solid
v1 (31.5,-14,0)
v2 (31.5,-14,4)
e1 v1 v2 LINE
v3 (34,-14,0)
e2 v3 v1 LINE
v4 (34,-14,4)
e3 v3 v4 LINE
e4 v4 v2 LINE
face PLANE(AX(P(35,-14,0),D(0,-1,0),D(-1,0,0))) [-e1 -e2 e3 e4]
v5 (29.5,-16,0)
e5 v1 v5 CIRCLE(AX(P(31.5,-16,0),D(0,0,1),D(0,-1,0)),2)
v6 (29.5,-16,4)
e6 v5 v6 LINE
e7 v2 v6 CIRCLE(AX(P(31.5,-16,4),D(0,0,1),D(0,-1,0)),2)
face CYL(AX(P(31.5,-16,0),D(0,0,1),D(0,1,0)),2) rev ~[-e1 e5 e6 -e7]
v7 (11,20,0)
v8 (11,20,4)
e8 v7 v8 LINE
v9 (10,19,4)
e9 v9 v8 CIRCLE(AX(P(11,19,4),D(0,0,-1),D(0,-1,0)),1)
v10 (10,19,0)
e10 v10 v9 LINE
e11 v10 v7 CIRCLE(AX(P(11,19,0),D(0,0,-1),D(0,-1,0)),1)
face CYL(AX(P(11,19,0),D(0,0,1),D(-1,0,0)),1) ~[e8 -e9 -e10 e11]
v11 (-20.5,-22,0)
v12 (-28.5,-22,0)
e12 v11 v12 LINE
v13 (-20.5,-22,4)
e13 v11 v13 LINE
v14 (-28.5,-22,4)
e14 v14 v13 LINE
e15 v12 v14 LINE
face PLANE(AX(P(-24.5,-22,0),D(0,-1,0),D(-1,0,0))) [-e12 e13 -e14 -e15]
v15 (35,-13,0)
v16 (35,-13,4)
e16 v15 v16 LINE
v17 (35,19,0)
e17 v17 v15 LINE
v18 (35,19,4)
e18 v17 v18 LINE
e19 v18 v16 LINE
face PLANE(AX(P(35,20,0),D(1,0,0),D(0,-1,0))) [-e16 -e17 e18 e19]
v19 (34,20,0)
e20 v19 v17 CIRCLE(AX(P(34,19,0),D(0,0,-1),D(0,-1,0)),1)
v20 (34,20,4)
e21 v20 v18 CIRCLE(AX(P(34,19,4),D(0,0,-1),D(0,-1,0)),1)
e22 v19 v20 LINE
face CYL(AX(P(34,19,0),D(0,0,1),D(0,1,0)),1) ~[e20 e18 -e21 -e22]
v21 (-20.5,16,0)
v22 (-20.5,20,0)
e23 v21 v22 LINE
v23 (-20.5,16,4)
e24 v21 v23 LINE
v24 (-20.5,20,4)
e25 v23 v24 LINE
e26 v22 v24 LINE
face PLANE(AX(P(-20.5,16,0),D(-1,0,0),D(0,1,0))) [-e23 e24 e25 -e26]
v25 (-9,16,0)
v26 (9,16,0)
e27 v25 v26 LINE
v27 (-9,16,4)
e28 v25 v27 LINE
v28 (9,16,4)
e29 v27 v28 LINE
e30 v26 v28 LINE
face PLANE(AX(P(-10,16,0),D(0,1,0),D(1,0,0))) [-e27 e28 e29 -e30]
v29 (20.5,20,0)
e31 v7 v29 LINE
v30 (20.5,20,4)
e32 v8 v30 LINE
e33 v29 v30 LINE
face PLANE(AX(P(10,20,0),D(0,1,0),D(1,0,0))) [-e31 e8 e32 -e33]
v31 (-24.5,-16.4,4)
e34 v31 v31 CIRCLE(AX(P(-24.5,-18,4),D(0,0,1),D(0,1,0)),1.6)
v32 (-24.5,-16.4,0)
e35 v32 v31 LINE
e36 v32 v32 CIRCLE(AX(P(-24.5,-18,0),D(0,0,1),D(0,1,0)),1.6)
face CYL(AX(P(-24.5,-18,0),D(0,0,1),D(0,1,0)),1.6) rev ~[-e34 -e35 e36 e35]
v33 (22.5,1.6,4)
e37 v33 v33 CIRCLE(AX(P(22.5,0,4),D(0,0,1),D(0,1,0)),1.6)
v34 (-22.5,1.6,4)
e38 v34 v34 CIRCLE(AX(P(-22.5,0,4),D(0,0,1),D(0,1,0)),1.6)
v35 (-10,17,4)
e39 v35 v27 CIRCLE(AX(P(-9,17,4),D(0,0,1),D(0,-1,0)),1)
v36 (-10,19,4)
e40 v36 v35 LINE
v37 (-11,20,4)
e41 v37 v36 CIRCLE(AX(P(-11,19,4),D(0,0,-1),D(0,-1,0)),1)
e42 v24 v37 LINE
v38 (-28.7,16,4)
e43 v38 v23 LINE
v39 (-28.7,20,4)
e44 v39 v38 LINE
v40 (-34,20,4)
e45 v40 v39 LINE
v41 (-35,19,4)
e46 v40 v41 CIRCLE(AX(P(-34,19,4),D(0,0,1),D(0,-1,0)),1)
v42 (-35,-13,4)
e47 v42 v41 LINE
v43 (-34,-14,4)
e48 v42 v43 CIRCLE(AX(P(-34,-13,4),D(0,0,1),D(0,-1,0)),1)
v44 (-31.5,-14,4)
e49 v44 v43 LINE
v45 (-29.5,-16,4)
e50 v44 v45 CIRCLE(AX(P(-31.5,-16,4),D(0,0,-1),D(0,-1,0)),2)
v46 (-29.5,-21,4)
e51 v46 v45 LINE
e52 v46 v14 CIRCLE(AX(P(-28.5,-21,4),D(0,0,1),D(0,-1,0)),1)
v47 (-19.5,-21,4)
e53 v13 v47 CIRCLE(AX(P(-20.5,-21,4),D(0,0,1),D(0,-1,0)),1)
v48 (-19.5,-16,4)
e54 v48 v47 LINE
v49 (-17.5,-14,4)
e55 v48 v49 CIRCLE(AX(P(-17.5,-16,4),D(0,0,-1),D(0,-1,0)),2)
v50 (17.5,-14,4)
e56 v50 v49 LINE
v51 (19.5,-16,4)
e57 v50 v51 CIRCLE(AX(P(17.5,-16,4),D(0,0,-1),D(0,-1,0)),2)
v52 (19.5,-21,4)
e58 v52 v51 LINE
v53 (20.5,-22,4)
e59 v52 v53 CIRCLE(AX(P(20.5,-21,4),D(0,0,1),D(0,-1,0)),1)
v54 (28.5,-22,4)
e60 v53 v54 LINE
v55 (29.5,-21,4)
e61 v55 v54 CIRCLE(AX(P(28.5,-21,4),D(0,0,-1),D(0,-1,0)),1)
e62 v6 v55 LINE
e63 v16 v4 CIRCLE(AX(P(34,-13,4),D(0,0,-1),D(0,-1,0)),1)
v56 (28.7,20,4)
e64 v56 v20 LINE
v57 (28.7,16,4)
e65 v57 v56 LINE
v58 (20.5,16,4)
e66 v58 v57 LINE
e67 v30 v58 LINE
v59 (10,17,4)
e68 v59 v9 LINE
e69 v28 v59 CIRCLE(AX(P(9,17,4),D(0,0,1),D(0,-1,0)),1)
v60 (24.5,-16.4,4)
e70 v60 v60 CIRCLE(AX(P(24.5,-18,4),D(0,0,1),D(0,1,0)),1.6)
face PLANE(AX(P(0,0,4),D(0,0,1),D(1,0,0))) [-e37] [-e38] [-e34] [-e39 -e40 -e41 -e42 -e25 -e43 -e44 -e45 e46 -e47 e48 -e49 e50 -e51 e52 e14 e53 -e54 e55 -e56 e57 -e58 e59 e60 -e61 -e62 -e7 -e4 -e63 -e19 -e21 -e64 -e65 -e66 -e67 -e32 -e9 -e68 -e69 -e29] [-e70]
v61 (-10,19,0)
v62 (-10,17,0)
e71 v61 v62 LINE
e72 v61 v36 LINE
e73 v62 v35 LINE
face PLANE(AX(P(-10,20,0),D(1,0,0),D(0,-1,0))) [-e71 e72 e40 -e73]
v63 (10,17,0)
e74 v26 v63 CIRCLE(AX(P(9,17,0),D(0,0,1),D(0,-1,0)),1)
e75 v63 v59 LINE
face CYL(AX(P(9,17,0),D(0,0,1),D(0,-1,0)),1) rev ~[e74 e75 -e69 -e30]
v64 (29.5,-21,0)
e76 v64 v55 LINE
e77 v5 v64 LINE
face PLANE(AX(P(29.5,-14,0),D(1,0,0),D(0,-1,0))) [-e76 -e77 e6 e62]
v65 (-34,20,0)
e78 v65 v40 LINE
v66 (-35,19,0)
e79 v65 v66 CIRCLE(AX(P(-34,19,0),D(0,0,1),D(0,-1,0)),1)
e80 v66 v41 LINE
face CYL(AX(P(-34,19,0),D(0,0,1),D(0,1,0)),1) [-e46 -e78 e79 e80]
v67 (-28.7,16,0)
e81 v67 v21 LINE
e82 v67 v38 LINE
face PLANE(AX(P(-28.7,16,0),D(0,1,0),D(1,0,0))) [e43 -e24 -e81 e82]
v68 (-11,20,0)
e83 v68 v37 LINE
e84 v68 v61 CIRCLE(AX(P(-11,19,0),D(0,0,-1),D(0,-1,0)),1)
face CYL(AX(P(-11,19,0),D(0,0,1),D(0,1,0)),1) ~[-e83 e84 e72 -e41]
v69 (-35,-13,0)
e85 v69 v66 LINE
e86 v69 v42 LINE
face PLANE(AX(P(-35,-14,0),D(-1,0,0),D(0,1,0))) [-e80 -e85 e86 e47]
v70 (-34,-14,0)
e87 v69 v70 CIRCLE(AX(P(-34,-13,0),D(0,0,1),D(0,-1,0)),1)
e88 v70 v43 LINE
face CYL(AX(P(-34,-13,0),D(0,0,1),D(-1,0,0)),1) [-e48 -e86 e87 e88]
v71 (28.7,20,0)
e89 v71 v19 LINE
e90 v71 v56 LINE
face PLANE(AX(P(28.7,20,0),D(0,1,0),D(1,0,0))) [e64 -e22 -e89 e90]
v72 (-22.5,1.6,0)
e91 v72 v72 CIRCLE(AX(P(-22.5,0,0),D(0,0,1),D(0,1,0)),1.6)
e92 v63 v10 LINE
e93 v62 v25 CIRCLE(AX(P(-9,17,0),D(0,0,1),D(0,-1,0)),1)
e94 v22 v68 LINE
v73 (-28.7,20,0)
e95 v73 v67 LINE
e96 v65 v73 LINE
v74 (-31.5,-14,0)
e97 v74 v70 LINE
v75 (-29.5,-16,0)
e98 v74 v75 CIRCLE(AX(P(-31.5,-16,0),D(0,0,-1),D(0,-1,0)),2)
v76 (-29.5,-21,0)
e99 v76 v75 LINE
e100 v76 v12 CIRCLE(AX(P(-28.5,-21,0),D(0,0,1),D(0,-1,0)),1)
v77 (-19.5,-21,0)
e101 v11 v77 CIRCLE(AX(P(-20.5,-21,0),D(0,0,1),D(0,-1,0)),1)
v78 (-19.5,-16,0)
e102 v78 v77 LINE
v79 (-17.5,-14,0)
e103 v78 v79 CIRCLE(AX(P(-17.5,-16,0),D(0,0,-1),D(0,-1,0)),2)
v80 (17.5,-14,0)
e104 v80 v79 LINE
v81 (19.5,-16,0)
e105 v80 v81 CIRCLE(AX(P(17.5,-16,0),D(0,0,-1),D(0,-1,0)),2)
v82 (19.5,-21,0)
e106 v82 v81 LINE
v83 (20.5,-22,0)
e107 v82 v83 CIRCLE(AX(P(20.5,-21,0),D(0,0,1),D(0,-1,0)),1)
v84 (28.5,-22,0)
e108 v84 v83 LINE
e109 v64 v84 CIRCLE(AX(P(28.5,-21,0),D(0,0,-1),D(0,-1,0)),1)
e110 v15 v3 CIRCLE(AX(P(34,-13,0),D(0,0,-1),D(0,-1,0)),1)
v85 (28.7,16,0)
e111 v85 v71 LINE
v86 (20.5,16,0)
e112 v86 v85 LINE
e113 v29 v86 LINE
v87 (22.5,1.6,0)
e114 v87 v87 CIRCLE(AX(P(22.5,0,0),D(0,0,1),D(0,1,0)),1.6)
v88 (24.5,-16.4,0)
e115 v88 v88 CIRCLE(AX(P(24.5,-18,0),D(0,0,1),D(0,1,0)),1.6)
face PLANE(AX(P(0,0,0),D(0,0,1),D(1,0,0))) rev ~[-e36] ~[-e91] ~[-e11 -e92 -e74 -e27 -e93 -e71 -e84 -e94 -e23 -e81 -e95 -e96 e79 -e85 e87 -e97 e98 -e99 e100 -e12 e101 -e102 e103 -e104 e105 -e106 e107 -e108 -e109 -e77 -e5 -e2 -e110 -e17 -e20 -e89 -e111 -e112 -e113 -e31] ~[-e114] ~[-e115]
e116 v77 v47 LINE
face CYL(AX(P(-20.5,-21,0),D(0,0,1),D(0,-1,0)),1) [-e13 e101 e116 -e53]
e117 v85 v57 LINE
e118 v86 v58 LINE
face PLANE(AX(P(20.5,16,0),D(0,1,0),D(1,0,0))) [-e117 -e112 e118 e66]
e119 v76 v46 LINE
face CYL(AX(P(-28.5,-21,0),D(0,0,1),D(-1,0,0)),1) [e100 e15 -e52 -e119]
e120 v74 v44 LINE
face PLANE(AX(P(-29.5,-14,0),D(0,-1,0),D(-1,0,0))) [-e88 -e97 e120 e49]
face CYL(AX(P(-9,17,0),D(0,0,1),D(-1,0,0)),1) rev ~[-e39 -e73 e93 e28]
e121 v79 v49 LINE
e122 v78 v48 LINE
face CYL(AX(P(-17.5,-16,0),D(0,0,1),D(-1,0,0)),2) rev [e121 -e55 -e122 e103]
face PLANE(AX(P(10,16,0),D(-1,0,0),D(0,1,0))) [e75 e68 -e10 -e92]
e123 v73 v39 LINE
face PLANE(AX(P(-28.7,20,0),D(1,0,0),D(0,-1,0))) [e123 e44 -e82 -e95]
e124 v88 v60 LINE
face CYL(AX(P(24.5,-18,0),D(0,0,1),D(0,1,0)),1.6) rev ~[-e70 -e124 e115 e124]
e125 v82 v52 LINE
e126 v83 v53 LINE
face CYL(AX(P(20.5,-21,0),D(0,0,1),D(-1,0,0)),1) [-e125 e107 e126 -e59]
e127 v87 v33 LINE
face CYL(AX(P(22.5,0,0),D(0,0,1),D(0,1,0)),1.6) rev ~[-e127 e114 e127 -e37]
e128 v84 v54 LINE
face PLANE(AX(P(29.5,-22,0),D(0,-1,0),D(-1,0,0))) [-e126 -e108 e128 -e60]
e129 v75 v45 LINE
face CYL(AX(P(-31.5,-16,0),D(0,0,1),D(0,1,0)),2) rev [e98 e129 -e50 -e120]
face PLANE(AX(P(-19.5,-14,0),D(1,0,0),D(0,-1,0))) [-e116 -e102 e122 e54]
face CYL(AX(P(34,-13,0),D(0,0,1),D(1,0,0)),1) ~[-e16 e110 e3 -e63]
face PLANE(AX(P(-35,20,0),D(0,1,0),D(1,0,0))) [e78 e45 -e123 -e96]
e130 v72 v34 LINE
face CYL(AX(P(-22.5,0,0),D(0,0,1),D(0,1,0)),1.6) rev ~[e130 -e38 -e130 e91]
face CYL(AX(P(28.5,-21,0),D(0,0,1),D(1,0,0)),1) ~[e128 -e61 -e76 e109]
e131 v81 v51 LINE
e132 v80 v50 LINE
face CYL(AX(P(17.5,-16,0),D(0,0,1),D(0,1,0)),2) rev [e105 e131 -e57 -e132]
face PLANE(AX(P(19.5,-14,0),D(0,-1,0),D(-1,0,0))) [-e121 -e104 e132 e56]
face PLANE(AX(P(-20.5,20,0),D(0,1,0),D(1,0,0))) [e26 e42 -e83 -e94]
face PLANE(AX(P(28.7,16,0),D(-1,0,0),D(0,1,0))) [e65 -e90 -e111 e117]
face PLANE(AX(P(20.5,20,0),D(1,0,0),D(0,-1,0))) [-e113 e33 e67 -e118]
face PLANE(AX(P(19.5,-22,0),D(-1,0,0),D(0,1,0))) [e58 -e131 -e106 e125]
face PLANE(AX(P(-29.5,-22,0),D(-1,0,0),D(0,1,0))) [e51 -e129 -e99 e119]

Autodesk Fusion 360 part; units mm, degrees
sketch "スケッチ1" plane through (0, 0, 0) normal (0, 0, 1) x (1, 0, 0)
  line L0 (-20.5, 20) -> (20.5, 20)
  line L1 (20.5, 20) -> (20.5, 16)
  line L2 (20.5, 16) -> (28.7, 16)
  line L3 (28.7, 16) -> (28.7, 20)
  line L4 (28.7, 20) -> (35, 20)
  line L5 (35, 20) -> (35, -14)
  line L6 (35, -14) -> (29.5, -14)
  line L7 (29.5, -14) -> (29.5, -22)
  line L8 (29.5, -22) -> (19.5, -22)
  line L9 (19.5, -22) -> (19.5, -14)
  line L10 (19.5, -14) -> (-19.5, -14)
  line L11 (-19.5, -14) -> (-19.5, -22)
  line L12 (-19.5, -22) -> (-29.5, -22)
  line L13 (-29.5, -22) -> (-29.5, -14)
  line L14 (-29.5, -14) -> (-35, -14)
  line L15 (-35, -14) -> (-35, 20)
  line L16 (-35, 20) -> (-28.7, 20)
  line L17 (-28.7, 20) -> (-28.7, 16)
  line L18 (-28.7, 16) -> (-20.5, 16)
  line L19 (-20.5, 16) -> (-20.5, 20)
  line L20 (-22.5, 0) -> (22.5, 0)
  line L21 (-24.5, -22) -> (-24.5, -18)
  line L22 (24.5, -22) -> (24.5, -18)
  line L23 (-10, 16) -> (10, 16)
  line L24 (10, 16) -> (10, 20)
  line L25 (10, 20) -> (-10, 20)
  line L26 (-10, 20) -> (-10, 16)
  point P0 (0, 20)
  point P1 (0, -14)
  dimension "d1" = 16
  dimension "d2" = 4
  dimension "d4" = 14
  dimension "d5" = 8
  dimension "d6" = 41
  dimension "d7" = 8.2
  dimension "d8" = 8.2
  dimension "d9" = 70
  dimension "d10" = 45
  dimension "d16" = 39
  dimension "d17" = 10
  dimension "d18" = 10
  dimension "d19" = 4
  dimension "d24" = 20
  dimension "d25" = 4
extrude "押し出し1" add sketch "スケッチ1" along normal blind 4 contours L0 L1 L2 L3 L4 L5 L6 L7 L8 L9 L10 L11 L12 L13 L14 L15 L16 L17 L18 L19 L23 L24 L26
hole "穴1" at (-22.5, 0, 0) at (22.5, 0, 0) at (-24.5, -18, 0) at (24.5, -18, 0) direction (0, 0, 1) diameter 3.2 end through all
fillet "フィレット1" radius 1 12 edges at (35, 20, 2) (35, -14, 2) (29.5, -22, 2) (19.5, -22, 2) (-19.5, -22, 2) (-29.5, -22, 2) (-35, -14, 2) (-35, 20, 2) (10, 20, 2) (-10, 20, 2) (10, 16, 2) (-10, 16, 2)
fillet "フィレット2" radius 2 4 edges at (29.5, -14, 2) (19.5, -14, 2) (-19.5, -14, 2) (-29.5, -14, 2)
